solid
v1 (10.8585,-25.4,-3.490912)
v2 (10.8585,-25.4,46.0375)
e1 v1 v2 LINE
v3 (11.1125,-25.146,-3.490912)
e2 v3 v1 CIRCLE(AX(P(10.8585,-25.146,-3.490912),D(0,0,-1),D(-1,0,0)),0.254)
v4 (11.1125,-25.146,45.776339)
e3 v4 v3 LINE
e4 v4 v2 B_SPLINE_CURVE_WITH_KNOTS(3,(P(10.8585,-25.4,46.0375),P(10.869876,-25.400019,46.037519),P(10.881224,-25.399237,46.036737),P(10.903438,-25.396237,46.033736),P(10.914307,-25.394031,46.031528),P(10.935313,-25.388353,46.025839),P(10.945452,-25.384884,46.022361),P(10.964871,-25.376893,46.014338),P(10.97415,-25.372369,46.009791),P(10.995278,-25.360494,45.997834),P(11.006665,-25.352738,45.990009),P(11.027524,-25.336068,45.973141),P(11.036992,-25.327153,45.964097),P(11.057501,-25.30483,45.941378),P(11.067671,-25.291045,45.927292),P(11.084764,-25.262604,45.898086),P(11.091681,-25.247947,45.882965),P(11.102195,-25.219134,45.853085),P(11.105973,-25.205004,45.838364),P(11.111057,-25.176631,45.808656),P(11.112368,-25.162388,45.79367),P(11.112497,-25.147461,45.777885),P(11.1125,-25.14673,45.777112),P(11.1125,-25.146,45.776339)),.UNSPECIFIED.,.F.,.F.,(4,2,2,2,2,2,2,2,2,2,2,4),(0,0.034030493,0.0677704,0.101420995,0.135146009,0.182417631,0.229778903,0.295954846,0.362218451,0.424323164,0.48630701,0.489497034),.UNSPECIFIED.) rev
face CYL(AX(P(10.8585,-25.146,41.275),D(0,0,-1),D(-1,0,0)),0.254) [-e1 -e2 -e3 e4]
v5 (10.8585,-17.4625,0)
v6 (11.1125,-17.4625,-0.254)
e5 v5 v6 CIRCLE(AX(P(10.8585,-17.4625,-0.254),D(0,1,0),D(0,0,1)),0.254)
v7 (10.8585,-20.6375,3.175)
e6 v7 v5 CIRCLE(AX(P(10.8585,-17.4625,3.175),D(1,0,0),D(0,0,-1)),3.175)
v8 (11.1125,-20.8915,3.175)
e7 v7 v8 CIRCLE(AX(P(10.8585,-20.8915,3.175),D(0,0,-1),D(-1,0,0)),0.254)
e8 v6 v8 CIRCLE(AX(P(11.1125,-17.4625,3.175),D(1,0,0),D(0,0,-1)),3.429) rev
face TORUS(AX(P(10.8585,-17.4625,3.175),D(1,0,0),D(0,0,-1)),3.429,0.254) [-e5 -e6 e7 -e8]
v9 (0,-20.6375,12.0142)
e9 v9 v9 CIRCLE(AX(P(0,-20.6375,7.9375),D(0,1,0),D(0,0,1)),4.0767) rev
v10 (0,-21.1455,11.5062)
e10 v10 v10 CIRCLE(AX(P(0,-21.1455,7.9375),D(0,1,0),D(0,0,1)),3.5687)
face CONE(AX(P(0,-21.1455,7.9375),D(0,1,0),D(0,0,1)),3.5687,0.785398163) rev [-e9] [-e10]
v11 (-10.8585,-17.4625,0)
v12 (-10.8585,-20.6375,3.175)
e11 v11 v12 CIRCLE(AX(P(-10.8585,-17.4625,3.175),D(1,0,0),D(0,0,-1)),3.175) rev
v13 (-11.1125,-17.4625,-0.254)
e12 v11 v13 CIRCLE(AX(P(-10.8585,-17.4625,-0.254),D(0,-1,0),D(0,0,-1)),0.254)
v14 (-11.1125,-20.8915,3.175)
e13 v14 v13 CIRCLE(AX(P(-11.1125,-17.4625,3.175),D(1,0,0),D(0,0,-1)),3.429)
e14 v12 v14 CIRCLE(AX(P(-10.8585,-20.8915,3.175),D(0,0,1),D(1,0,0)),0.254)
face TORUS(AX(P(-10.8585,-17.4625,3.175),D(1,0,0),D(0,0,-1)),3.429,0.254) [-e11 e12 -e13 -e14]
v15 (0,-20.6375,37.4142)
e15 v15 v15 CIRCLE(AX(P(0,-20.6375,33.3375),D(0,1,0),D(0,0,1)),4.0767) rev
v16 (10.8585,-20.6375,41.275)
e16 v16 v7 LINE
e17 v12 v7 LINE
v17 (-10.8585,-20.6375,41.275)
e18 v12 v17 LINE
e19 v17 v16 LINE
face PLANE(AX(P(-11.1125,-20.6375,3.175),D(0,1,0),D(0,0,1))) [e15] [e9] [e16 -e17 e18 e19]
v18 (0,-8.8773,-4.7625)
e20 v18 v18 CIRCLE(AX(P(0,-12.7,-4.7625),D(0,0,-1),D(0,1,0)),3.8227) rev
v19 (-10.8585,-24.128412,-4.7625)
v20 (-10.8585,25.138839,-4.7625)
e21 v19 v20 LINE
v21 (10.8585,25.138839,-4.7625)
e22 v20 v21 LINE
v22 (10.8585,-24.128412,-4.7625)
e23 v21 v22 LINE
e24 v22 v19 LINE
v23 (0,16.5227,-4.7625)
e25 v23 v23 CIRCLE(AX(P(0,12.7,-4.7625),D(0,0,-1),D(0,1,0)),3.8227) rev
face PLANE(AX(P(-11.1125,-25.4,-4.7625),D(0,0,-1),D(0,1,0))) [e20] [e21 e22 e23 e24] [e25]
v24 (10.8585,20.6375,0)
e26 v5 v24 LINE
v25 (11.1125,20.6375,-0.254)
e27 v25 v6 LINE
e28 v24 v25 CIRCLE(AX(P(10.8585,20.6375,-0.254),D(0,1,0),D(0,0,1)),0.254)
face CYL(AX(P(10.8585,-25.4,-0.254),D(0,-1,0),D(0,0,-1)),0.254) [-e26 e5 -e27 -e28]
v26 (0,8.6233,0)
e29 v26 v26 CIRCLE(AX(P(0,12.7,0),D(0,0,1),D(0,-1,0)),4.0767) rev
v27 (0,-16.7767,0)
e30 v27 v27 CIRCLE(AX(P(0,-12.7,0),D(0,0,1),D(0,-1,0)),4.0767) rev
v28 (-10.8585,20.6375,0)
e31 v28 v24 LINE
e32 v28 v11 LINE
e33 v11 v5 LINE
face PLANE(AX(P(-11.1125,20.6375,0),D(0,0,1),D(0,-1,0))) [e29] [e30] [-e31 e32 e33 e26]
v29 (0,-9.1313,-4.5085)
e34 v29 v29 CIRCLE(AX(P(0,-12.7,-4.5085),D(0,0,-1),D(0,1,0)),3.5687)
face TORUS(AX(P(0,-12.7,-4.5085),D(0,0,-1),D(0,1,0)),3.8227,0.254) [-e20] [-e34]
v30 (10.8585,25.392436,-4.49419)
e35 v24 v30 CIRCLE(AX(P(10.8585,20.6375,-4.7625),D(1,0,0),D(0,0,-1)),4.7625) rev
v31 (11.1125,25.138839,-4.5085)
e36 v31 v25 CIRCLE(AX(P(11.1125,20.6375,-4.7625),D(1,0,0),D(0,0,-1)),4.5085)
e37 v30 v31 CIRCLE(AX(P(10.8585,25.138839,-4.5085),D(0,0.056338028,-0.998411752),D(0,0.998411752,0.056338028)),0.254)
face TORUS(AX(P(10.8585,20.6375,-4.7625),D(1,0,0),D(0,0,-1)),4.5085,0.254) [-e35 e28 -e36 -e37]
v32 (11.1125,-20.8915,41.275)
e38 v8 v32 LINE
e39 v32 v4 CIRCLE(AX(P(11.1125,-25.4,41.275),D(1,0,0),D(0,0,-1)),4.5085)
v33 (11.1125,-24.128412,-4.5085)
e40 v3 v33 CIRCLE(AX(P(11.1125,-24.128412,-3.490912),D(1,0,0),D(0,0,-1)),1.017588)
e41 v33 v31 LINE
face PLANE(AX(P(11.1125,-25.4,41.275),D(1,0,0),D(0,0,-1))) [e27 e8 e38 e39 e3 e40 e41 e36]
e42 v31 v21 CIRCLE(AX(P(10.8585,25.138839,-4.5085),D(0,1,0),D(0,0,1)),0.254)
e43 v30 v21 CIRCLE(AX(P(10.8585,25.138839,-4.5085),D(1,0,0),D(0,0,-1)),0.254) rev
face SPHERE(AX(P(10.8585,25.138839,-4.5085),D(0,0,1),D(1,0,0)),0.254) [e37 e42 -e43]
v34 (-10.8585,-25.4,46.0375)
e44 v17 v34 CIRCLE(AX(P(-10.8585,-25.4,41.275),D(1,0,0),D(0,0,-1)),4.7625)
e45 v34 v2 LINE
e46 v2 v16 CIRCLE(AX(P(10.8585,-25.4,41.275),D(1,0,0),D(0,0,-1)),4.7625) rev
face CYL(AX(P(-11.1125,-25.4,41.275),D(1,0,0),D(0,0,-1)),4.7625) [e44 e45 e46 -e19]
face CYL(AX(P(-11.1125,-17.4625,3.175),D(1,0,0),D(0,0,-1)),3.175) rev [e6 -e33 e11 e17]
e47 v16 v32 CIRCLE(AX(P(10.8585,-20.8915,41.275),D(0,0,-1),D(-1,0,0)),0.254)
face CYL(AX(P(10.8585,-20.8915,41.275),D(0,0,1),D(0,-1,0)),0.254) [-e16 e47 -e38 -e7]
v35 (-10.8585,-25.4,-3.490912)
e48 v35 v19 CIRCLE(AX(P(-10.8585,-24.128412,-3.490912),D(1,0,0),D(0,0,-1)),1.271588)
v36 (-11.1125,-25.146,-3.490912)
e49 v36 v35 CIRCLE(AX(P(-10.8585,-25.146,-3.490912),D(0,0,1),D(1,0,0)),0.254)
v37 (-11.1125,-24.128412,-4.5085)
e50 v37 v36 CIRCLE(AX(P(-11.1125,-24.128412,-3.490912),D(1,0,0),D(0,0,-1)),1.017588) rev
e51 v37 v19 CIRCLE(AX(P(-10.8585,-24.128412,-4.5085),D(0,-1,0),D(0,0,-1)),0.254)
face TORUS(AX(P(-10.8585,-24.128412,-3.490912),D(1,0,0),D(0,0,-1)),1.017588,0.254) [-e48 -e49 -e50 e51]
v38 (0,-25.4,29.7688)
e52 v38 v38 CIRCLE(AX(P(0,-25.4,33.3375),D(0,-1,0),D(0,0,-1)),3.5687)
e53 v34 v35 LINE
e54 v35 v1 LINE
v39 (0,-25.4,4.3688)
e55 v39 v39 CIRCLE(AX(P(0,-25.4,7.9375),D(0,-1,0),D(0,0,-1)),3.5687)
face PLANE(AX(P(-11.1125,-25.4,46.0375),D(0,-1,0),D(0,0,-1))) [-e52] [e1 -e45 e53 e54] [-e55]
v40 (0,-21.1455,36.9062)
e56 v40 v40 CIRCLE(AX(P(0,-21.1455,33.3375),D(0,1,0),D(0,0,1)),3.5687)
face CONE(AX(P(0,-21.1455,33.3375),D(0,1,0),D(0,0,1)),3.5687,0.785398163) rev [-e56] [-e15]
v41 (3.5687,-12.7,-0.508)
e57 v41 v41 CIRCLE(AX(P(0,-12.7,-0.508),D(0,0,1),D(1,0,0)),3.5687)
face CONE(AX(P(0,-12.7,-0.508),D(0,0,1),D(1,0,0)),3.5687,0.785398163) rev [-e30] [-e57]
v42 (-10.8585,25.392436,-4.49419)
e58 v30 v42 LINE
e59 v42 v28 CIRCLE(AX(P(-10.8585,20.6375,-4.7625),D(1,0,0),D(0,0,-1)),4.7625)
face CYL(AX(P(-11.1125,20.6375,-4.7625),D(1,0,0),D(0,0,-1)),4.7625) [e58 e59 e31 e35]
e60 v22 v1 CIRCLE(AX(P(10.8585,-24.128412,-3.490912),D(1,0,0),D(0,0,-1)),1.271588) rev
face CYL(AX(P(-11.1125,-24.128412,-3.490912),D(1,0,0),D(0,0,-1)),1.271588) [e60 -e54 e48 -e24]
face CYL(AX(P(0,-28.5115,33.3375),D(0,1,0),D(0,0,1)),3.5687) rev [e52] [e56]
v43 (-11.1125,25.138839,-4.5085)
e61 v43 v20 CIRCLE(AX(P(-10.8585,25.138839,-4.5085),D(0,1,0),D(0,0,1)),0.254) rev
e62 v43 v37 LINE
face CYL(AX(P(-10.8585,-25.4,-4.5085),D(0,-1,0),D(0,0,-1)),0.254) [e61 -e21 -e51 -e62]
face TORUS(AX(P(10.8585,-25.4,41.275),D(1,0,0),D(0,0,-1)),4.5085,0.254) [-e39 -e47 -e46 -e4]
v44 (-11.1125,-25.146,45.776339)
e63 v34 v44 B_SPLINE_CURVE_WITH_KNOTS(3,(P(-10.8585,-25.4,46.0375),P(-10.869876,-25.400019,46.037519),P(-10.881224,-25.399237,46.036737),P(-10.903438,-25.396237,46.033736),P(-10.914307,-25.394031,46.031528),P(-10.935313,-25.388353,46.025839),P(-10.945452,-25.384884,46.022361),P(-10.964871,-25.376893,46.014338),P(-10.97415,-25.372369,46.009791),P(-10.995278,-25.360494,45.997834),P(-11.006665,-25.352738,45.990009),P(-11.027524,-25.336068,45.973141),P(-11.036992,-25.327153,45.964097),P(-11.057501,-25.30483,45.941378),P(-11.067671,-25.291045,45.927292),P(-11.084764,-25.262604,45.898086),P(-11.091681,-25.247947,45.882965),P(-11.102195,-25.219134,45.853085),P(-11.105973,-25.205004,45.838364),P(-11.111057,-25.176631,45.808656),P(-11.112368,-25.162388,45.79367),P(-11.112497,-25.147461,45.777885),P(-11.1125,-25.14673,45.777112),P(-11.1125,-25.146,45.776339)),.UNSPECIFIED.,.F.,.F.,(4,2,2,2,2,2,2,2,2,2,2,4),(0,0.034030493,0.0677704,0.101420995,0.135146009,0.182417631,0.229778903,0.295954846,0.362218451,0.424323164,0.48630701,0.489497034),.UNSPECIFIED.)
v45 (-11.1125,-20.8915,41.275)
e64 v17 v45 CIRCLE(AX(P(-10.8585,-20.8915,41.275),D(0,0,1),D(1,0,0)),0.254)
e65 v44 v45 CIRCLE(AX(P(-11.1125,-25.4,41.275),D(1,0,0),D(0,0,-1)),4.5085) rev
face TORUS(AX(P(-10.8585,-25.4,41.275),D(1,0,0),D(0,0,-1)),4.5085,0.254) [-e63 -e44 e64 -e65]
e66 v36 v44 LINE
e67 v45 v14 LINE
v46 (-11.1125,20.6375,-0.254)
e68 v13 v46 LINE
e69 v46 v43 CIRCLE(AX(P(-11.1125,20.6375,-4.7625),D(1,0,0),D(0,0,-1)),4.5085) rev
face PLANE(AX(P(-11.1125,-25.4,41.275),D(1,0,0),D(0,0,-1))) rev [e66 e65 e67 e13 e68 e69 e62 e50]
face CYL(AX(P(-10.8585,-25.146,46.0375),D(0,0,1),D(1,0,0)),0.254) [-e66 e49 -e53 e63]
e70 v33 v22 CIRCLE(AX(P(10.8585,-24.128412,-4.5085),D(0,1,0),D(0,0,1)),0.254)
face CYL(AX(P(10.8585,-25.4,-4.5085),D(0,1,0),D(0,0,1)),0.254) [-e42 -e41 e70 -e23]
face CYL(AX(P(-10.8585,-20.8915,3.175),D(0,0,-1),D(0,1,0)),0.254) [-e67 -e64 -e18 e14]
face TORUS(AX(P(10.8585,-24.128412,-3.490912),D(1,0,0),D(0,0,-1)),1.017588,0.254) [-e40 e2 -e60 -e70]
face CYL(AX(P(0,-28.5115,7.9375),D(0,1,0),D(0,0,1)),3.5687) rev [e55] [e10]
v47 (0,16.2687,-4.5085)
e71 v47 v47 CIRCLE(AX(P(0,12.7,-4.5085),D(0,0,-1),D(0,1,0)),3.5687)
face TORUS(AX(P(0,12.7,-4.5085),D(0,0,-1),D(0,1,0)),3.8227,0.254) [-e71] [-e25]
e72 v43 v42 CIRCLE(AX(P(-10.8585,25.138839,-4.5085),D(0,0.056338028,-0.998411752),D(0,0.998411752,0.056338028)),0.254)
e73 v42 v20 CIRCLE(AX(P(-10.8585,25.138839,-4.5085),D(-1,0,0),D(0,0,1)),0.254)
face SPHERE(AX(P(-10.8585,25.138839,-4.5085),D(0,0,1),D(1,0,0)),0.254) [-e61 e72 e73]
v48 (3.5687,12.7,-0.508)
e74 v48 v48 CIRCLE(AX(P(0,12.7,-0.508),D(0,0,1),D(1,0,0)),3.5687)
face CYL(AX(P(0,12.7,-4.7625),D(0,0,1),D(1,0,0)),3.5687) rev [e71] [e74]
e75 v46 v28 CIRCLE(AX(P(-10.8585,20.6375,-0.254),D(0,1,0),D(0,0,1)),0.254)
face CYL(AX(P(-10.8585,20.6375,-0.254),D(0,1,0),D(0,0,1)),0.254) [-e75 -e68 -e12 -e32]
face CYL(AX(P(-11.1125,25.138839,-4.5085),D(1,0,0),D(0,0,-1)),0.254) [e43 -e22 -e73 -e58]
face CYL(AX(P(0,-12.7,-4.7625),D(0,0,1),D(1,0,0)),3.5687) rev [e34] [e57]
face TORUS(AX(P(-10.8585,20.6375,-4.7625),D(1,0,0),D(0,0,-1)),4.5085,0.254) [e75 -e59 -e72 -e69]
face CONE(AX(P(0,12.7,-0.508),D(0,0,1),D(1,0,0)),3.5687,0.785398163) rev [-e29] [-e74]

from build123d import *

# Parameters (mm, degrees)
BOSS_EXTRUDE1_START = 11.1125
BOSS_EXTRUDE1_DEPTH = 22.225
FILLET1_R           = 1.2715875
SKETCH4_R           = 3.5687
CUT_EXTRUDE1_DEPTH  = 54.741037043
SKETCH6_R           = 3.5687
CUT_EXTRUDE3_DEPTH  = 7.874
CHAMFER1_SIZE       = 0.508
FILLET2_R           = 0.254


with BuildPart() as part:
    # Sketch3 → Boss-Extrude1 (new body)
    with BuildSketch(Plane(origin=(0, 0, 0), x_dir=(0, 0, -1), z_dir=(1, 0, 0)).offset(BOSS_EXTRUDE1_START)):
        with BuildLine():
            Line((-3.175, -20.6375), (-41.275, -20.6375))
            ThreePointArc((-41.275, -20.6375), (-44.642596045, -22.032403955), (-46.0375, -25.4))
            Line((-46.0375, -25.4), (4.7625, -25.4))
            Line((4.7625, -25.4), (4.7625, 25.4))
            ThreePointArc((4.7625, 25.4), (1.394903955, 24.005096045), (0, 20.6375))
            Line((0, 20.6375), (0, -17.4625))
            ThreePointArc((0, -17.4625), (-0.92993597, -19.70756403), (-3.175, -20.6375))
        make_face()
    extrude(amount=-BOSS_EXTRUDE1_DEPTH)

    # Fillet1
    fillet1_edges = [part.edges().sort_by_distance(p)[0] for p in [
        (0, -25.4, -4.7625),
    ]]
    fillet(fillet1_edges, radius=FILLET1_R)

    # Sketch4 → Cut-Extrude1 (cut, through all)
    with BuildSketch(Plane.XY):
        with Locations((0, 12.7)):
            Circle(SKETCH4_R)
        with Locations(Location((0, -12.7, 0), (0, 0, 180))):
            Circle(SKETCH4_R)
    extrude(amount=-CUT_EXTRUDE1_DEPTH, mode=Mode.SUBTRACT)

    # Sketch6 → Cut-Extrude3 (cut)
    with BuildSketch(Plane(origin=(0, -20.6375, 0), x_dir=(1, 0, 0), z_dir=(0, 1, 0))):
        with Locations(Location((0, -7.9375, 0), (0, 0, 270))):
            Circle(SKETCH6_R)
        with Locations(Location((0, -33.3375, 0), (0, 0, 270))):
            Circle(SKETCH6_R)
    extrude(amount=-CUT_EXTRUDE3_DEPTH, mode=Mode.SUBTRACT)

    # Chamfer1
    chamfer1_edges = [part.edges().sort_by_distance(p)[0] for p in [
        (-3.5687, 12.7, 0),
        (3.5687, -12.7, 0),
        (0, -20.6375, 4.3688),
        (0, -20.6375, 29.7688),
    ]]
    chamfer(chamfer1_edges, length=CHAMFER1_SIZE)

    # Fillet2
    fillet2_edges = [part.edges().sort_by_distance(p)[0] for p in [
        (0, 25.4, -4.7625),
        (-11.1125, 24.005096045, -1.394903955),
        (-11.1125, 1.5875, 0),
        (-11.1125, -19.70756403, 0.92993597),
        (-11.1125, -20.6375, 22.225),
        (11.1125, 0.63579375, -4.7625),
        (11.1125, -25.027560644, -4.390060644),
        (-11.1125, 0.63579375, -4.7625),
        (-11.1125, -25.027560644, -4.390060644),
        (-3.5687, 12.7, -4.7625),
        (3.5687, -12.7, -4.7625),
        (-11.1125, -22.032403955, 44.642596045),
        (11.1125, -20.6375, 22.225),
        (-11.1125, -25.4, 21.27329375),
        (11.1125, -19.70756403, 0.92993597),
        (11.1125, 1.5875, 0),
        (11.1125, 24.005096045, -1.394903955),
        (11.1125, -25.4, 21.27329375),
        (11.1125, -22.032403955, 44.642596045),
    ]]
    fillet(fillet2_edges, radius=FILLET2_R)


solid = part.part
